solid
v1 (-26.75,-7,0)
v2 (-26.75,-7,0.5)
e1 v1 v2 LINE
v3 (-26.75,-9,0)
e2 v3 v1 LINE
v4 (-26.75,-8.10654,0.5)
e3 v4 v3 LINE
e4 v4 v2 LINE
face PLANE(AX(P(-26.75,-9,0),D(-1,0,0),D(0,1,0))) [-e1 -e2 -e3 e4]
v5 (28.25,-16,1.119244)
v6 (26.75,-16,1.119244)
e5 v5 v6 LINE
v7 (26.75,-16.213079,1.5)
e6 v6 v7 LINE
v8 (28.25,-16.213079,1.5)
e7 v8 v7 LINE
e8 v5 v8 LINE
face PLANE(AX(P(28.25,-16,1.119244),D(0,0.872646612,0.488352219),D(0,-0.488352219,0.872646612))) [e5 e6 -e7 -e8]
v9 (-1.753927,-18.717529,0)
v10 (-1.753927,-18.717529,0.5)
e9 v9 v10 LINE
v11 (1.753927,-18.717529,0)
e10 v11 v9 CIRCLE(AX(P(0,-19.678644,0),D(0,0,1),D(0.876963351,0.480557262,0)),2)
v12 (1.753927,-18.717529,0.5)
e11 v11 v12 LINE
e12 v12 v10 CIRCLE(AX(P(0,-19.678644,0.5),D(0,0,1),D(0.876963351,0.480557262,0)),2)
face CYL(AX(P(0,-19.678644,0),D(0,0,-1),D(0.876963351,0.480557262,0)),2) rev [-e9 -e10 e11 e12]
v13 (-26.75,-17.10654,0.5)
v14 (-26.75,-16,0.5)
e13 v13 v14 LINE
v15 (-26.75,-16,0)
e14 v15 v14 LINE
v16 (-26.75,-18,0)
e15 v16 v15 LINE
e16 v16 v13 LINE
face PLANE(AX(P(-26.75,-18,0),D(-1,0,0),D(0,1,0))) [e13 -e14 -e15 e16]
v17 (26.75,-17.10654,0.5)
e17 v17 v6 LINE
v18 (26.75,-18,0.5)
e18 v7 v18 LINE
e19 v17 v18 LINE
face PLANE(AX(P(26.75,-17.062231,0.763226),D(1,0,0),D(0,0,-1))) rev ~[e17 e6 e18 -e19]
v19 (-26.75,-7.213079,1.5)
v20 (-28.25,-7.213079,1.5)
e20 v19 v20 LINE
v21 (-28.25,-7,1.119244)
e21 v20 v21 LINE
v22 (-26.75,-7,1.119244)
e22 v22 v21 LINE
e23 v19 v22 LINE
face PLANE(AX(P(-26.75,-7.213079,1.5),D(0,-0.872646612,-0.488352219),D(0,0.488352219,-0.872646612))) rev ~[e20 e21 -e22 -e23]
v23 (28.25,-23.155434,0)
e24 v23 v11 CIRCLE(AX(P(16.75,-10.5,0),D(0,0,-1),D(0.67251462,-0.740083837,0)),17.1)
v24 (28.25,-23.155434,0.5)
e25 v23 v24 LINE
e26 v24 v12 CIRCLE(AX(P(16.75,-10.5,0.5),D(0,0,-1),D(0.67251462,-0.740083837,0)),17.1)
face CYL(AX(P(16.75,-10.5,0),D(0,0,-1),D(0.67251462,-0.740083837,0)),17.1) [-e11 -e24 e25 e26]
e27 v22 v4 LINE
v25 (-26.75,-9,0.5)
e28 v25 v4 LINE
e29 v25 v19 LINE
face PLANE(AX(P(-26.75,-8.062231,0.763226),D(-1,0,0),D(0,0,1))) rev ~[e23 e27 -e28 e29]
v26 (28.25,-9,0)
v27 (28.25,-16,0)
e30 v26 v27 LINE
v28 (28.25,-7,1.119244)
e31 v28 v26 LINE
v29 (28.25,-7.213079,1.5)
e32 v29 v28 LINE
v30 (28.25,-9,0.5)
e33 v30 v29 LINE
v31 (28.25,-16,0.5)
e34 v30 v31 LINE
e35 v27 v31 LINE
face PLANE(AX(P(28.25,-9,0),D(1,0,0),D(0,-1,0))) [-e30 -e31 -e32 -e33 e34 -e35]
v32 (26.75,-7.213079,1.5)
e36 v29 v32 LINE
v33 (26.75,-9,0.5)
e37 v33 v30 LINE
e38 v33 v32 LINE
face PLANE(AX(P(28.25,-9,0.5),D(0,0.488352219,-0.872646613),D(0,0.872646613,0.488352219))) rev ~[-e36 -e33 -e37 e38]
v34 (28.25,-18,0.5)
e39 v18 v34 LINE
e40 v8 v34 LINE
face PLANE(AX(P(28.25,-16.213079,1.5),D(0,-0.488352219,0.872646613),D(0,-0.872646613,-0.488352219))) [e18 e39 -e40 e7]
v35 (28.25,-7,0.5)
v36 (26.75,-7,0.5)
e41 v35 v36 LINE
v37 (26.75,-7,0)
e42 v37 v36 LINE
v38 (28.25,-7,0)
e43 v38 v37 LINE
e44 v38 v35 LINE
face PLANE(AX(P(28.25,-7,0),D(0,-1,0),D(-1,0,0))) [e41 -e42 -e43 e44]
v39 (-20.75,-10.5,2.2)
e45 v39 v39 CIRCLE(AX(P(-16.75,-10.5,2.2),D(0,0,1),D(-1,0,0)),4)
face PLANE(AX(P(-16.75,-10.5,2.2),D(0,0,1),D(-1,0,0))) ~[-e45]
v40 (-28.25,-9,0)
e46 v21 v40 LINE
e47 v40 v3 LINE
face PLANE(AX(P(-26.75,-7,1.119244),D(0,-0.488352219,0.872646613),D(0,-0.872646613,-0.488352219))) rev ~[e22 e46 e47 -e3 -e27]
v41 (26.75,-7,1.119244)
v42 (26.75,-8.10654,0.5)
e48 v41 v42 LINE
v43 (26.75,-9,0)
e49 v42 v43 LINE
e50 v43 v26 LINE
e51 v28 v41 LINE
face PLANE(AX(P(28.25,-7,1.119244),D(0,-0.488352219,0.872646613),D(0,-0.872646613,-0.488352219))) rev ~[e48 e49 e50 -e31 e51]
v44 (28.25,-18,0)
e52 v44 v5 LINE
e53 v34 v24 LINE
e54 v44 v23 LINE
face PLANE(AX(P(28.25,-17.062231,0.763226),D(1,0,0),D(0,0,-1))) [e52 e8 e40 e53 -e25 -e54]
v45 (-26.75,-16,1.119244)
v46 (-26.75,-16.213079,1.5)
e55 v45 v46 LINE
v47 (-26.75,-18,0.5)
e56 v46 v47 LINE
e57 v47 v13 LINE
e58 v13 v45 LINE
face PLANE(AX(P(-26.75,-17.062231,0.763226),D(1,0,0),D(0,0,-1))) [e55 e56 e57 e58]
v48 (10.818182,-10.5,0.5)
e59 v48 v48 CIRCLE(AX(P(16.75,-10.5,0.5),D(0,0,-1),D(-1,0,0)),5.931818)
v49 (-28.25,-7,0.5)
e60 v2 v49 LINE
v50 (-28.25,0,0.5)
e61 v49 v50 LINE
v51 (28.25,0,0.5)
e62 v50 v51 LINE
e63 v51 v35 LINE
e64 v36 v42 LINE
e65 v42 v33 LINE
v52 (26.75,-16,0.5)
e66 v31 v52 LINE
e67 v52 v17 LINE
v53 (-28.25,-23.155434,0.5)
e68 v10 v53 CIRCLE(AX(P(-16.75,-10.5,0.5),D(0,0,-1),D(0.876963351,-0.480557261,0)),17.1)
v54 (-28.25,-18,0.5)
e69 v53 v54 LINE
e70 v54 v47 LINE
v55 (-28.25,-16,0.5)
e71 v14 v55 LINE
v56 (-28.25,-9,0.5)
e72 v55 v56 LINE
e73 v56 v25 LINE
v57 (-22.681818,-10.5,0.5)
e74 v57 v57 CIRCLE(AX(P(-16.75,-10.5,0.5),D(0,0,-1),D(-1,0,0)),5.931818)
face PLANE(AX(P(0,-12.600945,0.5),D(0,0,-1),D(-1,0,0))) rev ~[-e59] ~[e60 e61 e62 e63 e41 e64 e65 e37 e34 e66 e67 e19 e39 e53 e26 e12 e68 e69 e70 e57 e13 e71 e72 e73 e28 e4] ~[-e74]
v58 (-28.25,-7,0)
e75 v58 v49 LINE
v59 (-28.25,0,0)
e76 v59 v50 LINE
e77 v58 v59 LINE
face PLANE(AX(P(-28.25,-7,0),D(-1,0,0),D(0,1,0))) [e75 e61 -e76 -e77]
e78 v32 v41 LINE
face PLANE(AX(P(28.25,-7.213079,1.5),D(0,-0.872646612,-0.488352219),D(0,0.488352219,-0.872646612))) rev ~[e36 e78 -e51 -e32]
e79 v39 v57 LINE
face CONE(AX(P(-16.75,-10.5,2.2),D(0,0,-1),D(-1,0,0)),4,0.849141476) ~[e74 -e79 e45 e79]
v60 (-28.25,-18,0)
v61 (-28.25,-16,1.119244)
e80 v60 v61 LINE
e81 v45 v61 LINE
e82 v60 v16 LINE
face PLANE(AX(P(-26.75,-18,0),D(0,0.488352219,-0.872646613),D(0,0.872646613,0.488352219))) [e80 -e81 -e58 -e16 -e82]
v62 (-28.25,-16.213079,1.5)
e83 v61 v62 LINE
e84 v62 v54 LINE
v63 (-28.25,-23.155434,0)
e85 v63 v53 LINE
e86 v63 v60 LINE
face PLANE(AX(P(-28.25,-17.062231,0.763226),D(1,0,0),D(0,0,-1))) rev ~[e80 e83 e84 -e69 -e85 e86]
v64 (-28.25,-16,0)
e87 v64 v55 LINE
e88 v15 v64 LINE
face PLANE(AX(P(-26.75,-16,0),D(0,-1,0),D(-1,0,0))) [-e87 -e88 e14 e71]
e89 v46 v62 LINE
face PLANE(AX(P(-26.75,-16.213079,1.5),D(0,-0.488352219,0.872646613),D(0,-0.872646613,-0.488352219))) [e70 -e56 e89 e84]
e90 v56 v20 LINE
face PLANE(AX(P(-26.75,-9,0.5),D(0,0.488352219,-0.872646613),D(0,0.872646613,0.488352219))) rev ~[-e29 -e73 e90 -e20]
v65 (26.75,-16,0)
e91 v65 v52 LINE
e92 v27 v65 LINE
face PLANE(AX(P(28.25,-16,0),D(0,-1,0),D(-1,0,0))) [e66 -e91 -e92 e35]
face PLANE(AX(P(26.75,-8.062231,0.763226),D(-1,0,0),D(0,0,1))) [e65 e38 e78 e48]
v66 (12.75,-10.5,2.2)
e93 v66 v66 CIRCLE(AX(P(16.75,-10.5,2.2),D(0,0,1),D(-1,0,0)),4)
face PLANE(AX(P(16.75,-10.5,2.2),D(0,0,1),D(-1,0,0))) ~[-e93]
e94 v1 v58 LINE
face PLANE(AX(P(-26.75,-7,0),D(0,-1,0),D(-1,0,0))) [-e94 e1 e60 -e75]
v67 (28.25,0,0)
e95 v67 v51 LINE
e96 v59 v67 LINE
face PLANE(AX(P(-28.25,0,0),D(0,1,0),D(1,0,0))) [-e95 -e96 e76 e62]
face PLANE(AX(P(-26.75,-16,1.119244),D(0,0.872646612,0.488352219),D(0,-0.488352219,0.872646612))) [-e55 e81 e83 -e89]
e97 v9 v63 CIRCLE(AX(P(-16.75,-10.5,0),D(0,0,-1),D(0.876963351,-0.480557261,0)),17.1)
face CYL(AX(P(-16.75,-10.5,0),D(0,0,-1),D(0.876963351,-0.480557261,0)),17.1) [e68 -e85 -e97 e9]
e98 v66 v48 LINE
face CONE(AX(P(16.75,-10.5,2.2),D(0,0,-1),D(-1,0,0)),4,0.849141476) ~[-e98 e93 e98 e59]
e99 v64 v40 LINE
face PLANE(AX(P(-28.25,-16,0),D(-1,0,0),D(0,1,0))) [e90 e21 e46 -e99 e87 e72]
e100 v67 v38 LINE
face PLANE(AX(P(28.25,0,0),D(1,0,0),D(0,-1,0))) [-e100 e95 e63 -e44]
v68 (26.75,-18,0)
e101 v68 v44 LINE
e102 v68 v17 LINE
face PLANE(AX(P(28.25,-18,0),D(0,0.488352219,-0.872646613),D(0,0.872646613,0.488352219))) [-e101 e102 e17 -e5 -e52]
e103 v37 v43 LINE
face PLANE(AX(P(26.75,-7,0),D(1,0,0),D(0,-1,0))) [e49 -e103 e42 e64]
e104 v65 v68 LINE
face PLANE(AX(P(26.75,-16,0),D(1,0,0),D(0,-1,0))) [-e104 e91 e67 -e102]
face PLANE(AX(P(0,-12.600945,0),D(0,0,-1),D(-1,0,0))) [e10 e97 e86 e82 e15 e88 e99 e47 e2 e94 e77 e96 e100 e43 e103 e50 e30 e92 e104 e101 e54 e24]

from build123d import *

# Parameters (mm, degrees)
BOSS_EXTRU_1_DEPTH = 0.5
BOSS_EXTRU_2_DEPTH = 1.5
BOSS_EXTRU_3_START = -55
BOSS_EXTRU_3_DEPTH = 1.5


with BuildPart() as part:
    # Esquisse1 → Boss.-Extru.1 (new body)
    with BuildSketch(Plane.XY):
        with BuildLine():
            Line((-28.25, 0), (28.25, 0))
            Line((28.25, 0), (28.25, -7))
            Line((28.25, -7), (26.75, -7))
            Line((26.75, -7), (26.75, -9))
            Line((26.75, -9), (28.25, -9))
            Line((28.25, -9), (28.25, -16))
            Line((28.25, -16), (26.75, -16))
            Line((26.75, -16), (26.75, -18))
            Line((26.75, -18), (28.25, -18))
            Line((28.25, -18), (28.25, -23.155433616))
            ThreePointArc((28.25, -23.155433616), (13.925220168, -27.365070972), (1.753926702, -18.717529168))
            ThreePointArc((1.753926702, -18.717529168), (0, -17.678643691), (-1.753926702, -18.717529168))
            ThreePointArc((-1.753926702, -18.717529168), (-13.925220168, -27.365070972), (-28.25, -23.155433616))
            Line((-28.25, -23.155433616), (-28.25, -18))
            Line((-28.25, -18), (-26.75, -18))
            Line((-26.75, -18), (-26.75, -16))
            Line((-26.75, -16), (-28.25, -16))
            Line((-28.25, -16), (-28.25, -9))
            Line((-28.25, -9), (-26.75, -9))
            Line((-26.75, -9), (-26.75, -7))
            Line((-26.75, -7), (-28.25, -7))
            Line((-28.25, -7), (-28.25, 0))
        make_face()
    extrude(amount=BOSS_EXTRU_1_DEPTH)

    # Esquisse2 → Révolution1 (revolve)
    with BuildSketch(Plane.XZ.offset(10.5), mode=Mode.PRIVATE) as r_volution1_sk:
        Polygon((-16.75, 0), (-16.75, 2.2), (-12.75, 2.2), (-10.25, 0), align=None)
    revolve(r_volution1_sk.sketch.rotate(Axis((-16.75, -10.5, 0), (0, 0, 1)), 180), axis=Axis((-16.75, -10.5, 0), (0, 0, 1)))

    # Esquisse3 → Révolution2 (revolve)
    with BuildSketch(Plane.XZ.offset(10.5), mode=Mode.PRIVATE) as r_volution2_sk:
        Polygon((16.75, 0), (16.75, 2.2), (20.75, 2.2), (23.25, 0), align=None)
    revolve(r_volution2_sk.sketch.rotate(Axis((16.75, -10.5, 0), (0, 0, 1)), 180), axis=Axis((16.75, -10.5, 0), (0, 0, 1)))

    # Esquisse5 → Boss.-Extru.2 (add)
    with BuildSketch(Plane(origin=(28.25, 0, 0), x_dir=(0, 0, -1), z_dir=(1, 0, 0))):
        Polygon((0, -18), (-1.119243945, -16), (-1.5, -16.213079455), (-0.5, -18), align=None)
        Polygon((-0.5, -9), (-1.5, -7.213079455), (-1.119243945, -7), (0, -9), align=None)
    extrude(amount=-BOSS_EXTRU_2_DEPTH)

    # Esquisse5<2> → Boss.-Extru.3 (add)
    with BuildSketch(Plane(origin=(28.25, 0, 0), x_dir=(0, 0, -1), z_dir=(1, 0, 0)).offset(BOSS_EXTRU_3_START)):
        Polygon((0, -18), (-1.119243945, -16), (-1.5, -16.213079455), (-0.5, -18), align=None)
        Polygon((-0.5, -9), (-1.5, -7.213079455), (-1.119243945, -7), (0, -9), align=None)
    extrude(amount=-BOSS_EXTRU_3_DEPTH)


solid = part.part
